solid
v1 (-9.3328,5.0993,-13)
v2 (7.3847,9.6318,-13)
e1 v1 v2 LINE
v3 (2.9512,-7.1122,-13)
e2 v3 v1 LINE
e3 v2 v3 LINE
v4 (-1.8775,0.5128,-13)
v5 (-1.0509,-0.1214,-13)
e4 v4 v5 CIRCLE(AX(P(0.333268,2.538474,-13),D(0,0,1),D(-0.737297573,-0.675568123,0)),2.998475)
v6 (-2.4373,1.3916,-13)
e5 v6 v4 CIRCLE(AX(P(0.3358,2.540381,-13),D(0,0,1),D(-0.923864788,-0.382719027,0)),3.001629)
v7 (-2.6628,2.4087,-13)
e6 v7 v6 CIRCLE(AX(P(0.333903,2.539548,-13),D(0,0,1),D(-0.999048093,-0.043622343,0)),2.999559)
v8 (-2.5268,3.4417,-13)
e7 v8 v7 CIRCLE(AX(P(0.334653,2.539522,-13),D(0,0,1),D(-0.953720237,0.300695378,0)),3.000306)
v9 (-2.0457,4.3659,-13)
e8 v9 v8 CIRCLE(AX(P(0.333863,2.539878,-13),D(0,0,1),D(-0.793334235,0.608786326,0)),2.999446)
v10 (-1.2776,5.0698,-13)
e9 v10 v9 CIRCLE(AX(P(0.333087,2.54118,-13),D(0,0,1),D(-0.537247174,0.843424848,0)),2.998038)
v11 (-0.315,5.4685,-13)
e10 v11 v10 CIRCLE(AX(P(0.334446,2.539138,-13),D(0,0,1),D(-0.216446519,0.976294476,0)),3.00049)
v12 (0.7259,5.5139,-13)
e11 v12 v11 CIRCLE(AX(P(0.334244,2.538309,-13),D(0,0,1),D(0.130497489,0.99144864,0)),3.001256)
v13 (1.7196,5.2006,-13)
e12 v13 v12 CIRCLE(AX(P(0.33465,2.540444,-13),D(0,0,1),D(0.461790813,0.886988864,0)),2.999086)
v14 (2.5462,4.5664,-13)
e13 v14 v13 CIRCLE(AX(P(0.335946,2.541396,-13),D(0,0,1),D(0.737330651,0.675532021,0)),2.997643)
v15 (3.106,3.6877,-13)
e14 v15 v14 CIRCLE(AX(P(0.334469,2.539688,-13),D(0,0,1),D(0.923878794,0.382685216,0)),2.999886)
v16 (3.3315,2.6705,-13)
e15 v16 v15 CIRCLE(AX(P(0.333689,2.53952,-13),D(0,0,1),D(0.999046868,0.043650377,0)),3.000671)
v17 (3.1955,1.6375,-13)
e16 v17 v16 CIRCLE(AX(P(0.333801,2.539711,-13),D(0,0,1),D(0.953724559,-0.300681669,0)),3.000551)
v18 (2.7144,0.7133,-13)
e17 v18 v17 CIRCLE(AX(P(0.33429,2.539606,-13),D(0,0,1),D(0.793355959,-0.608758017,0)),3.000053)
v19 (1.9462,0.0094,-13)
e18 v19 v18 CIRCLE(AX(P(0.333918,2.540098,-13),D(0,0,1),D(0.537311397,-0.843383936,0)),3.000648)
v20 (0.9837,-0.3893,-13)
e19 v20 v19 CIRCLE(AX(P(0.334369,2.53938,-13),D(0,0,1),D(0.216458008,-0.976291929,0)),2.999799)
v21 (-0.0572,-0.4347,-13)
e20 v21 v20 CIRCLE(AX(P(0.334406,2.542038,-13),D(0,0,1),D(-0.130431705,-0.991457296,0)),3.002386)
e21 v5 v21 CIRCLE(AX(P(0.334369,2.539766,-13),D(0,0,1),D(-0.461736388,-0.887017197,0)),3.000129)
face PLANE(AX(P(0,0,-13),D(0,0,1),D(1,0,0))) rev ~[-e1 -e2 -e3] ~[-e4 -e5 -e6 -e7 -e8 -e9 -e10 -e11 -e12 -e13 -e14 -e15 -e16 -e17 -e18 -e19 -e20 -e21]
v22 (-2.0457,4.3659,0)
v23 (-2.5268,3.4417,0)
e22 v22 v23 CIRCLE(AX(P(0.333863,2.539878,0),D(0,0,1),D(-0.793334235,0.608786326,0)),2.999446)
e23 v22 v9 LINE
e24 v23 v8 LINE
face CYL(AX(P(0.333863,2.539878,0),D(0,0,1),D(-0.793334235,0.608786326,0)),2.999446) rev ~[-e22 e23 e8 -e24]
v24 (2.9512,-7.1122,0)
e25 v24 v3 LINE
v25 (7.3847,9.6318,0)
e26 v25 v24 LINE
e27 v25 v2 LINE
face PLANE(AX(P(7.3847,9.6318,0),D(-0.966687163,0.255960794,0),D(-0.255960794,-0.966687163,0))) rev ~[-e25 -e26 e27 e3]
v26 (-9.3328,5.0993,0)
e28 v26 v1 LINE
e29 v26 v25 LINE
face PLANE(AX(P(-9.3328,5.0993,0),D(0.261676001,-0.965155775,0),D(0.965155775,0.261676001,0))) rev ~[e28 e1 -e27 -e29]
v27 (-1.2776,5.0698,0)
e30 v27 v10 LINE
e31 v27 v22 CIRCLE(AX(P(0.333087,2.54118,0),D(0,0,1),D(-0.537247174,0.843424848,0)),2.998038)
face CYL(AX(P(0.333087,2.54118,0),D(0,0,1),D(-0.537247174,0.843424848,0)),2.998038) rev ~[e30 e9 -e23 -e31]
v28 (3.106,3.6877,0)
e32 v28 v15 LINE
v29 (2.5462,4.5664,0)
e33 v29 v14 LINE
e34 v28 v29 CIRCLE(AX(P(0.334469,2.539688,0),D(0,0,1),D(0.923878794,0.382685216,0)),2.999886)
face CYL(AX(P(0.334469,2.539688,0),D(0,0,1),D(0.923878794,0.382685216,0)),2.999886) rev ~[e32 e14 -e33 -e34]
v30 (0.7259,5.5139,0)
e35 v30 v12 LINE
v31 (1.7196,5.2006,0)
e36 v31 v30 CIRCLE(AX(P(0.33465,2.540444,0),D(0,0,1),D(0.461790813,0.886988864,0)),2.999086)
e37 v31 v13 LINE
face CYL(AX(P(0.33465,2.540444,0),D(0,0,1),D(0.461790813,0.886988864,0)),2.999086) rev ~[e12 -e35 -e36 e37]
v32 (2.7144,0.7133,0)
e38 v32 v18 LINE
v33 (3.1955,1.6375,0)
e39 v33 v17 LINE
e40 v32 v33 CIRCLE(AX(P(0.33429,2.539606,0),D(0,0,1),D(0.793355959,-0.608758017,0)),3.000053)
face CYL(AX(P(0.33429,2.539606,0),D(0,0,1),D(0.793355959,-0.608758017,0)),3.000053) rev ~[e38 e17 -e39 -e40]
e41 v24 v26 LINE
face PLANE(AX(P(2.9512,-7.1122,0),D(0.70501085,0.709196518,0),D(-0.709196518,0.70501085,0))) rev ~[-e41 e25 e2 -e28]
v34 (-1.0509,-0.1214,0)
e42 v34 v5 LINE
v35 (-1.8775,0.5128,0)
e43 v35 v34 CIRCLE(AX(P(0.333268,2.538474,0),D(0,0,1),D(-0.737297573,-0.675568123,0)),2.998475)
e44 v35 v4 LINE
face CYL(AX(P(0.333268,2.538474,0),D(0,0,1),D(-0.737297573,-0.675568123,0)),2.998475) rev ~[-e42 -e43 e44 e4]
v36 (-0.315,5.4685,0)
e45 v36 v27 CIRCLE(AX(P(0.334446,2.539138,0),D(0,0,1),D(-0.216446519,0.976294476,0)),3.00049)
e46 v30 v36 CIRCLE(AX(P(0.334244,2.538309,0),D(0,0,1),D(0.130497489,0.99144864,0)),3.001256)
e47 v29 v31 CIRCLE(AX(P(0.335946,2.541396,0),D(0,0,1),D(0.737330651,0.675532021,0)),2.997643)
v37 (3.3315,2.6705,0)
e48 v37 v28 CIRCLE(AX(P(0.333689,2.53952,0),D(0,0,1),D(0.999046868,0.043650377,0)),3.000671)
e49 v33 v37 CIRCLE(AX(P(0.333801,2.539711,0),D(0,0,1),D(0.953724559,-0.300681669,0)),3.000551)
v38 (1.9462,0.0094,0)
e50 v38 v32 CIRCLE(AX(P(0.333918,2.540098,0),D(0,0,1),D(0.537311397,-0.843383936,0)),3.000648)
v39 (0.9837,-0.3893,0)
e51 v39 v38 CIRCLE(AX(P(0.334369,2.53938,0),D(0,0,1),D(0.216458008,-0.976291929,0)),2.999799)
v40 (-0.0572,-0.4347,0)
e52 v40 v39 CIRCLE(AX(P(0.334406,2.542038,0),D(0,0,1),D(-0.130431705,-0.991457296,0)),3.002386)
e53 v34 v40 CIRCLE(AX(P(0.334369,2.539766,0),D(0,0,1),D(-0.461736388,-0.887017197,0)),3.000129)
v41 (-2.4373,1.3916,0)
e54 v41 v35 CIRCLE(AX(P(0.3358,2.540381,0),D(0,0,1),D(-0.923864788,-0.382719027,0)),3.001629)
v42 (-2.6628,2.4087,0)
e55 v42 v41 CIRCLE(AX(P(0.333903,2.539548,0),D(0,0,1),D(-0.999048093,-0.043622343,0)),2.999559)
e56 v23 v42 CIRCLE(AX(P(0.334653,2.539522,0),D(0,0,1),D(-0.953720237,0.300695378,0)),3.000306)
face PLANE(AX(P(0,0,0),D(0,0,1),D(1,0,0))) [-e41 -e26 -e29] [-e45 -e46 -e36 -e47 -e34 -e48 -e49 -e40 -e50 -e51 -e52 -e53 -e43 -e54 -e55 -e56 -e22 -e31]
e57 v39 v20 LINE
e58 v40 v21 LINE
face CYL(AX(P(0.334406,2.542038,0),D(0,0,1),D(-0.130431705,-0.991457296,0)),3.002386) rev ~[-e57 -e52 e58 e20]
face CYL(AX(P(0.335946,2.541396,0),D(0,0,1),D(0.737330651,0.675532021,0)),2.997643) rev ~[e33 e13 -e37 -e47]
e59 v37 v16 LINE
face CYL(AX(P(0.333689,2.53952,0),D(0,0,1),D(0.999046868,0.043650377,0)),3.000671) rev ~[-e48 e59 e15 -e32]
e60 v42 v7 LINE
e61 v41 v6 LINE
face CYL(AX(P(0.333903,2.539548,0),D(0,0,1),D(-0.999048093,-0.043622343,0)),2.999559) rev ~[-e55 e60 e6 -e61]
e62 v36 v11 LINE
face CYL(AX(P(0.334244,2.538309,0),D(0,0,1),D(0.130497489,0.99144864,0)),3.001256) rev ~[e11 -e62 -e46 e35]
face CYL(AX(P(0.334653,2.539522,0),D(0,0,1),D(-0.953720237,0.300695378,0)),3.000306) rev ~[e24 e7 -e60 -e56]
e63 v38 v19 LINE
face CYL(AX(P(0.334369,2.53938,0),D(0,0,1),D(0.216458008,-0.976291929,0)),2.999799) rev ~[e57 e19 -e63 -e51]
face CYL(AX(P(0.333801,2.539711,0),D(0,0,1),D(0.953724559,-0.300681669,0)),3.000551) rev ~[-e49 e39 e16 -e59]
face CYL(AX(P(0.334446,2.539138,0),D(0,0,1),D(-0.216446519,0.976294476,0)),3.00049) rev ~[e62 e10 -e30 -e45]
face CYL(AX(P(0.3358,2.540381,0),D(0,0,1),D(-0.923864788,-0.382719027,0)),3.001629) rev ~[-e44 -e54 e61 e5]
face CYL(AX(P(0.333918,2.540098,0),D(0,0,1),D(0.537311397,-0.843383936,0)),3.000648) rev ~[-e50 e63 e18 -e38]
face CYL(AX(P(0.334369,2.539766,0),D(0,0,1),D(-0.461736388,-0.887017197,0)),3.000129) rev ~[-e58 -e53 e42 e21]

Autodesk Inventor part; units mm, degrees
ref_plane "YZ Plane" through (0, 0, 0) normal (1, 0, 0) x (0, 1, 0)
ref_plane "XZ Plane" through (0, 0, 0) normal (0, 1, 0) x (-1, 0, 0)
sketch "Sketch1" plane through (0, 0, 0) normal (0, 0, 1) x (1, 0, 0)
  line L0 (-1.6614, 3.5785) -> (-2.5268, 3.4417) projected
  line L1 (-2.0457, 4.3659) -> (-1.6614, 3.5785) projected
  line L2 (-1.1857, 4.1985) -> (-2.0457, 4.3659) projected
  line L3 (-1.2776, 5.0698) -> (-1.1857, 4.1985) projected
  line L4 (-0.5267, 4.6183) -> (-1.2776, 5.0698) projected
  line L5 (-0.315, 5.4685) -> (-0.5267, 4.6183) projected
  line L6 (-0.5267, 4.6183) -> (-0.315, 5.4685) projected
  arc A0 (-0.315, 5.4685) -> (-1.2776, 5.0698) centre (0.3343, 2.5396) ccw projected
  line L7 (-1.2776, 5.0698) -> (-0.5267, 4.6183) projected
  arc A1 (-1.2776, 5.0698) -> (-2.0457, 4.3659) centre (0.3343, 2.5396) ccw projected
  line L8 (-1.1857, 4.1985) -> (-1.2776, 5.0698) projected
  arc A2 (-1.2776, 5.0698) -> (-2.0457, 4.3659) centre (0.3343, 2.5396) ccw projected
  line L9 (-2.0457, 4.3659) -> (-1.1857, 4.1985) projected
  line L10 (-2.5268, 3.4417) -> (-1.6614, 3.5785) projected
  line L11 (-1.6614, 3.5785) -> (-2.0457, 4.3659) projected
  arc A3 (-2.0457, 4.3659) -> (-2.5268, 3.4417) centre (0.3343, 2.5396) ccw projected
  line L12 (0.2362, 4.7875) -> (0.7259, 5.5139) projected
  arc A4 (0.7259, 5.5139) -> (-0.315, 5.4685) centre (0.3343, 2.5396) ccw projected
  line L13 (-0.315, 5.4685) -> (0.2362, 4.7875) projected
  line L14 (1.0109, 4.6855) -> (1.7196, 5.2006) projected
  arc A5 (1.7196, 5.2006) -> (0.7259, 5.5139) centre (0.3343, 2.5396) ccw projected
  line L15 (0.7259, 5.5139) -> (1.0109, 4.6855) projected
  line L16 (1.7196, 5.2006) -> (1.7041, 4.3247) projected
  line L17 (1.7041, 4.3247) -> (2.5462, 4.5664) projected
  arc A6 (2.5462, 4.5664) -> (1.7196, 5.2006) centre (0.3343, 2.5396) ccw projected
  line L18 (2.5462, 4.5664) -> (2.232, 3.7485) projected
  line L19 (2.232, 3.7485) -> (3.106, 3.6877) projected
  arc A7 (3.106, 3.6877) -> (2.5462, 4.5664) centre (0.3343, 2.5396) ccw projected
  line L20 (3.106, 3.6877) -> (2.531, 3.0266) projected
  line L21 (2.531, 3.0266) -> (3.3315, 2.6705) projected
  arc A8 (3.3315, 2.6705) -> (3.106, 3.6877) centre (0.3343, 2.5396) ccw projected
  line L22 (-2.6628, 2.4087) -> (-2.632, 2.4258) projected
  line L23 (-2.632, 2.4258) -> (3.1702, 1.662) projected
  line L24 (3.1702, 1.662) -> (3.1955, 1.6375) projected
  arc A9 (3.1955, 1.6375) -> (3.3315, 2.6705) centre (0.3343, 2.5396) ccw projected
  line L25 (3.3315, 2.6705) -> (3.3007, 2.6534) projected
  line L26 (3.3007, 2.6534) -> (-2.5015, 3.4173) projected
  line L27 (-2.5015, 3.4173) -> (-2.5268, 3.4417) projected
  arc A10 (-2.5268, 3.4417) -> (-2.6628, 2.4087) centre (0.3343, 2.5396) ccw projected
  line L28 (3.1955, 1.6375) -> (2.3301, 1.5007) projected
  line L29 (2.3301, 1.5007) -> (2.7144, 0.7133) projected
  arc A11 (2.7144, 0.7133) -> (3.1955, 1.6375) centre (0.3343, 2.5396) ccw projected
  line L30 (2.7144, 0.7133) -> (1.8544, 0.8807) projected
  line L31 (1.8544, 0.8807) -> (1.9462, 0.0094) projected
  arc A12 (1.9462, 0.0094) -> (2.7144, 0.7133) centre (0.3343, 2.5396) ccw projected
  line L32 (1.1954, 0.4609) -> (0.9837, -0.3893) projected
  arc A13 (0.9837, -0.3893) -> (1.9462, 0.0094) centre (0.3343, 2.5396) ccw projected
  line L33 (1.9462, 0.0094) -> (1.1954, 0.4609) projected
  line L34 (0.4325, 0.2917) -> (-0.0572, -0.4347) projected
  arc A14 (-0.0572, -0.4347) -> (0.9837, -0.3893) centre (0.3343, 2.5396) ccw projected
  line L35 (0.9837, -0.3893) -> (0.4325, 0.2917) projected
  line L36 (-0.3422, 0.3937) -> (-1.0509, -0.1214) projected
  arc A15 (-1.0509, -0.1214) -> (-0.0572, -0.4347) centre (0.3343, 2.5396) ccw projected
  line L37 (-0.0572, -0.4347) -> (-0.3422, 0.3937) projected
  line L38 (-1.0354, 0.7546) -> (-1.8775, 0.5128) projected
  arc A16 (-1.8775, 0.5128) -> (-1.0509, -0.1214) centre (0.3343, 2.5396) ccw projected
  line L39 (-1.0509, -0.1214) -> (-1.0354, 0.7546) projected
  line L40 (-1.5633, 1.3307) -> (-2.4373, 1.3916) projected
  arc A17 (-2.4373, 1.3916) -> (-1.8775, 0.5128) centre (0.3343, 2.5396) ccw projected
  line L41 (-1.8775, 0.5128) -> (-1.5633, 1.3307) projected
  line L42 (-2.4373, 1.3916) -> (-1.8623, 2.0526) projected
  line L43 (-1.8623, 2.0526) -> (-2.6628, 2.4087) projected
  arc A18 (-2.6628, 2.4087) -> (-2.4373, 1.3916) centre (0.3343, 2.5396) ccw projected
  line L44 (2.9512, -7.1122) -> (-9.3328, 5.0993)
  line L45 (-9.3328, 5.0993) -> (7.3847, 9.6318)
  line L46 (7.3847, 9.6318) -> (2.9512, -7.1122)
  dimension "d0" = 17.321
ref_plane "Work Plane1" through (-2.6657, -0.4604, -13) normal (0, 0, -1) x (0, 1, 0)
extrude "Extrusion1" add sketch "Sketch1" against normal up to surface (13 mm away)
properties part number "HandlePotAttachmentGear"
